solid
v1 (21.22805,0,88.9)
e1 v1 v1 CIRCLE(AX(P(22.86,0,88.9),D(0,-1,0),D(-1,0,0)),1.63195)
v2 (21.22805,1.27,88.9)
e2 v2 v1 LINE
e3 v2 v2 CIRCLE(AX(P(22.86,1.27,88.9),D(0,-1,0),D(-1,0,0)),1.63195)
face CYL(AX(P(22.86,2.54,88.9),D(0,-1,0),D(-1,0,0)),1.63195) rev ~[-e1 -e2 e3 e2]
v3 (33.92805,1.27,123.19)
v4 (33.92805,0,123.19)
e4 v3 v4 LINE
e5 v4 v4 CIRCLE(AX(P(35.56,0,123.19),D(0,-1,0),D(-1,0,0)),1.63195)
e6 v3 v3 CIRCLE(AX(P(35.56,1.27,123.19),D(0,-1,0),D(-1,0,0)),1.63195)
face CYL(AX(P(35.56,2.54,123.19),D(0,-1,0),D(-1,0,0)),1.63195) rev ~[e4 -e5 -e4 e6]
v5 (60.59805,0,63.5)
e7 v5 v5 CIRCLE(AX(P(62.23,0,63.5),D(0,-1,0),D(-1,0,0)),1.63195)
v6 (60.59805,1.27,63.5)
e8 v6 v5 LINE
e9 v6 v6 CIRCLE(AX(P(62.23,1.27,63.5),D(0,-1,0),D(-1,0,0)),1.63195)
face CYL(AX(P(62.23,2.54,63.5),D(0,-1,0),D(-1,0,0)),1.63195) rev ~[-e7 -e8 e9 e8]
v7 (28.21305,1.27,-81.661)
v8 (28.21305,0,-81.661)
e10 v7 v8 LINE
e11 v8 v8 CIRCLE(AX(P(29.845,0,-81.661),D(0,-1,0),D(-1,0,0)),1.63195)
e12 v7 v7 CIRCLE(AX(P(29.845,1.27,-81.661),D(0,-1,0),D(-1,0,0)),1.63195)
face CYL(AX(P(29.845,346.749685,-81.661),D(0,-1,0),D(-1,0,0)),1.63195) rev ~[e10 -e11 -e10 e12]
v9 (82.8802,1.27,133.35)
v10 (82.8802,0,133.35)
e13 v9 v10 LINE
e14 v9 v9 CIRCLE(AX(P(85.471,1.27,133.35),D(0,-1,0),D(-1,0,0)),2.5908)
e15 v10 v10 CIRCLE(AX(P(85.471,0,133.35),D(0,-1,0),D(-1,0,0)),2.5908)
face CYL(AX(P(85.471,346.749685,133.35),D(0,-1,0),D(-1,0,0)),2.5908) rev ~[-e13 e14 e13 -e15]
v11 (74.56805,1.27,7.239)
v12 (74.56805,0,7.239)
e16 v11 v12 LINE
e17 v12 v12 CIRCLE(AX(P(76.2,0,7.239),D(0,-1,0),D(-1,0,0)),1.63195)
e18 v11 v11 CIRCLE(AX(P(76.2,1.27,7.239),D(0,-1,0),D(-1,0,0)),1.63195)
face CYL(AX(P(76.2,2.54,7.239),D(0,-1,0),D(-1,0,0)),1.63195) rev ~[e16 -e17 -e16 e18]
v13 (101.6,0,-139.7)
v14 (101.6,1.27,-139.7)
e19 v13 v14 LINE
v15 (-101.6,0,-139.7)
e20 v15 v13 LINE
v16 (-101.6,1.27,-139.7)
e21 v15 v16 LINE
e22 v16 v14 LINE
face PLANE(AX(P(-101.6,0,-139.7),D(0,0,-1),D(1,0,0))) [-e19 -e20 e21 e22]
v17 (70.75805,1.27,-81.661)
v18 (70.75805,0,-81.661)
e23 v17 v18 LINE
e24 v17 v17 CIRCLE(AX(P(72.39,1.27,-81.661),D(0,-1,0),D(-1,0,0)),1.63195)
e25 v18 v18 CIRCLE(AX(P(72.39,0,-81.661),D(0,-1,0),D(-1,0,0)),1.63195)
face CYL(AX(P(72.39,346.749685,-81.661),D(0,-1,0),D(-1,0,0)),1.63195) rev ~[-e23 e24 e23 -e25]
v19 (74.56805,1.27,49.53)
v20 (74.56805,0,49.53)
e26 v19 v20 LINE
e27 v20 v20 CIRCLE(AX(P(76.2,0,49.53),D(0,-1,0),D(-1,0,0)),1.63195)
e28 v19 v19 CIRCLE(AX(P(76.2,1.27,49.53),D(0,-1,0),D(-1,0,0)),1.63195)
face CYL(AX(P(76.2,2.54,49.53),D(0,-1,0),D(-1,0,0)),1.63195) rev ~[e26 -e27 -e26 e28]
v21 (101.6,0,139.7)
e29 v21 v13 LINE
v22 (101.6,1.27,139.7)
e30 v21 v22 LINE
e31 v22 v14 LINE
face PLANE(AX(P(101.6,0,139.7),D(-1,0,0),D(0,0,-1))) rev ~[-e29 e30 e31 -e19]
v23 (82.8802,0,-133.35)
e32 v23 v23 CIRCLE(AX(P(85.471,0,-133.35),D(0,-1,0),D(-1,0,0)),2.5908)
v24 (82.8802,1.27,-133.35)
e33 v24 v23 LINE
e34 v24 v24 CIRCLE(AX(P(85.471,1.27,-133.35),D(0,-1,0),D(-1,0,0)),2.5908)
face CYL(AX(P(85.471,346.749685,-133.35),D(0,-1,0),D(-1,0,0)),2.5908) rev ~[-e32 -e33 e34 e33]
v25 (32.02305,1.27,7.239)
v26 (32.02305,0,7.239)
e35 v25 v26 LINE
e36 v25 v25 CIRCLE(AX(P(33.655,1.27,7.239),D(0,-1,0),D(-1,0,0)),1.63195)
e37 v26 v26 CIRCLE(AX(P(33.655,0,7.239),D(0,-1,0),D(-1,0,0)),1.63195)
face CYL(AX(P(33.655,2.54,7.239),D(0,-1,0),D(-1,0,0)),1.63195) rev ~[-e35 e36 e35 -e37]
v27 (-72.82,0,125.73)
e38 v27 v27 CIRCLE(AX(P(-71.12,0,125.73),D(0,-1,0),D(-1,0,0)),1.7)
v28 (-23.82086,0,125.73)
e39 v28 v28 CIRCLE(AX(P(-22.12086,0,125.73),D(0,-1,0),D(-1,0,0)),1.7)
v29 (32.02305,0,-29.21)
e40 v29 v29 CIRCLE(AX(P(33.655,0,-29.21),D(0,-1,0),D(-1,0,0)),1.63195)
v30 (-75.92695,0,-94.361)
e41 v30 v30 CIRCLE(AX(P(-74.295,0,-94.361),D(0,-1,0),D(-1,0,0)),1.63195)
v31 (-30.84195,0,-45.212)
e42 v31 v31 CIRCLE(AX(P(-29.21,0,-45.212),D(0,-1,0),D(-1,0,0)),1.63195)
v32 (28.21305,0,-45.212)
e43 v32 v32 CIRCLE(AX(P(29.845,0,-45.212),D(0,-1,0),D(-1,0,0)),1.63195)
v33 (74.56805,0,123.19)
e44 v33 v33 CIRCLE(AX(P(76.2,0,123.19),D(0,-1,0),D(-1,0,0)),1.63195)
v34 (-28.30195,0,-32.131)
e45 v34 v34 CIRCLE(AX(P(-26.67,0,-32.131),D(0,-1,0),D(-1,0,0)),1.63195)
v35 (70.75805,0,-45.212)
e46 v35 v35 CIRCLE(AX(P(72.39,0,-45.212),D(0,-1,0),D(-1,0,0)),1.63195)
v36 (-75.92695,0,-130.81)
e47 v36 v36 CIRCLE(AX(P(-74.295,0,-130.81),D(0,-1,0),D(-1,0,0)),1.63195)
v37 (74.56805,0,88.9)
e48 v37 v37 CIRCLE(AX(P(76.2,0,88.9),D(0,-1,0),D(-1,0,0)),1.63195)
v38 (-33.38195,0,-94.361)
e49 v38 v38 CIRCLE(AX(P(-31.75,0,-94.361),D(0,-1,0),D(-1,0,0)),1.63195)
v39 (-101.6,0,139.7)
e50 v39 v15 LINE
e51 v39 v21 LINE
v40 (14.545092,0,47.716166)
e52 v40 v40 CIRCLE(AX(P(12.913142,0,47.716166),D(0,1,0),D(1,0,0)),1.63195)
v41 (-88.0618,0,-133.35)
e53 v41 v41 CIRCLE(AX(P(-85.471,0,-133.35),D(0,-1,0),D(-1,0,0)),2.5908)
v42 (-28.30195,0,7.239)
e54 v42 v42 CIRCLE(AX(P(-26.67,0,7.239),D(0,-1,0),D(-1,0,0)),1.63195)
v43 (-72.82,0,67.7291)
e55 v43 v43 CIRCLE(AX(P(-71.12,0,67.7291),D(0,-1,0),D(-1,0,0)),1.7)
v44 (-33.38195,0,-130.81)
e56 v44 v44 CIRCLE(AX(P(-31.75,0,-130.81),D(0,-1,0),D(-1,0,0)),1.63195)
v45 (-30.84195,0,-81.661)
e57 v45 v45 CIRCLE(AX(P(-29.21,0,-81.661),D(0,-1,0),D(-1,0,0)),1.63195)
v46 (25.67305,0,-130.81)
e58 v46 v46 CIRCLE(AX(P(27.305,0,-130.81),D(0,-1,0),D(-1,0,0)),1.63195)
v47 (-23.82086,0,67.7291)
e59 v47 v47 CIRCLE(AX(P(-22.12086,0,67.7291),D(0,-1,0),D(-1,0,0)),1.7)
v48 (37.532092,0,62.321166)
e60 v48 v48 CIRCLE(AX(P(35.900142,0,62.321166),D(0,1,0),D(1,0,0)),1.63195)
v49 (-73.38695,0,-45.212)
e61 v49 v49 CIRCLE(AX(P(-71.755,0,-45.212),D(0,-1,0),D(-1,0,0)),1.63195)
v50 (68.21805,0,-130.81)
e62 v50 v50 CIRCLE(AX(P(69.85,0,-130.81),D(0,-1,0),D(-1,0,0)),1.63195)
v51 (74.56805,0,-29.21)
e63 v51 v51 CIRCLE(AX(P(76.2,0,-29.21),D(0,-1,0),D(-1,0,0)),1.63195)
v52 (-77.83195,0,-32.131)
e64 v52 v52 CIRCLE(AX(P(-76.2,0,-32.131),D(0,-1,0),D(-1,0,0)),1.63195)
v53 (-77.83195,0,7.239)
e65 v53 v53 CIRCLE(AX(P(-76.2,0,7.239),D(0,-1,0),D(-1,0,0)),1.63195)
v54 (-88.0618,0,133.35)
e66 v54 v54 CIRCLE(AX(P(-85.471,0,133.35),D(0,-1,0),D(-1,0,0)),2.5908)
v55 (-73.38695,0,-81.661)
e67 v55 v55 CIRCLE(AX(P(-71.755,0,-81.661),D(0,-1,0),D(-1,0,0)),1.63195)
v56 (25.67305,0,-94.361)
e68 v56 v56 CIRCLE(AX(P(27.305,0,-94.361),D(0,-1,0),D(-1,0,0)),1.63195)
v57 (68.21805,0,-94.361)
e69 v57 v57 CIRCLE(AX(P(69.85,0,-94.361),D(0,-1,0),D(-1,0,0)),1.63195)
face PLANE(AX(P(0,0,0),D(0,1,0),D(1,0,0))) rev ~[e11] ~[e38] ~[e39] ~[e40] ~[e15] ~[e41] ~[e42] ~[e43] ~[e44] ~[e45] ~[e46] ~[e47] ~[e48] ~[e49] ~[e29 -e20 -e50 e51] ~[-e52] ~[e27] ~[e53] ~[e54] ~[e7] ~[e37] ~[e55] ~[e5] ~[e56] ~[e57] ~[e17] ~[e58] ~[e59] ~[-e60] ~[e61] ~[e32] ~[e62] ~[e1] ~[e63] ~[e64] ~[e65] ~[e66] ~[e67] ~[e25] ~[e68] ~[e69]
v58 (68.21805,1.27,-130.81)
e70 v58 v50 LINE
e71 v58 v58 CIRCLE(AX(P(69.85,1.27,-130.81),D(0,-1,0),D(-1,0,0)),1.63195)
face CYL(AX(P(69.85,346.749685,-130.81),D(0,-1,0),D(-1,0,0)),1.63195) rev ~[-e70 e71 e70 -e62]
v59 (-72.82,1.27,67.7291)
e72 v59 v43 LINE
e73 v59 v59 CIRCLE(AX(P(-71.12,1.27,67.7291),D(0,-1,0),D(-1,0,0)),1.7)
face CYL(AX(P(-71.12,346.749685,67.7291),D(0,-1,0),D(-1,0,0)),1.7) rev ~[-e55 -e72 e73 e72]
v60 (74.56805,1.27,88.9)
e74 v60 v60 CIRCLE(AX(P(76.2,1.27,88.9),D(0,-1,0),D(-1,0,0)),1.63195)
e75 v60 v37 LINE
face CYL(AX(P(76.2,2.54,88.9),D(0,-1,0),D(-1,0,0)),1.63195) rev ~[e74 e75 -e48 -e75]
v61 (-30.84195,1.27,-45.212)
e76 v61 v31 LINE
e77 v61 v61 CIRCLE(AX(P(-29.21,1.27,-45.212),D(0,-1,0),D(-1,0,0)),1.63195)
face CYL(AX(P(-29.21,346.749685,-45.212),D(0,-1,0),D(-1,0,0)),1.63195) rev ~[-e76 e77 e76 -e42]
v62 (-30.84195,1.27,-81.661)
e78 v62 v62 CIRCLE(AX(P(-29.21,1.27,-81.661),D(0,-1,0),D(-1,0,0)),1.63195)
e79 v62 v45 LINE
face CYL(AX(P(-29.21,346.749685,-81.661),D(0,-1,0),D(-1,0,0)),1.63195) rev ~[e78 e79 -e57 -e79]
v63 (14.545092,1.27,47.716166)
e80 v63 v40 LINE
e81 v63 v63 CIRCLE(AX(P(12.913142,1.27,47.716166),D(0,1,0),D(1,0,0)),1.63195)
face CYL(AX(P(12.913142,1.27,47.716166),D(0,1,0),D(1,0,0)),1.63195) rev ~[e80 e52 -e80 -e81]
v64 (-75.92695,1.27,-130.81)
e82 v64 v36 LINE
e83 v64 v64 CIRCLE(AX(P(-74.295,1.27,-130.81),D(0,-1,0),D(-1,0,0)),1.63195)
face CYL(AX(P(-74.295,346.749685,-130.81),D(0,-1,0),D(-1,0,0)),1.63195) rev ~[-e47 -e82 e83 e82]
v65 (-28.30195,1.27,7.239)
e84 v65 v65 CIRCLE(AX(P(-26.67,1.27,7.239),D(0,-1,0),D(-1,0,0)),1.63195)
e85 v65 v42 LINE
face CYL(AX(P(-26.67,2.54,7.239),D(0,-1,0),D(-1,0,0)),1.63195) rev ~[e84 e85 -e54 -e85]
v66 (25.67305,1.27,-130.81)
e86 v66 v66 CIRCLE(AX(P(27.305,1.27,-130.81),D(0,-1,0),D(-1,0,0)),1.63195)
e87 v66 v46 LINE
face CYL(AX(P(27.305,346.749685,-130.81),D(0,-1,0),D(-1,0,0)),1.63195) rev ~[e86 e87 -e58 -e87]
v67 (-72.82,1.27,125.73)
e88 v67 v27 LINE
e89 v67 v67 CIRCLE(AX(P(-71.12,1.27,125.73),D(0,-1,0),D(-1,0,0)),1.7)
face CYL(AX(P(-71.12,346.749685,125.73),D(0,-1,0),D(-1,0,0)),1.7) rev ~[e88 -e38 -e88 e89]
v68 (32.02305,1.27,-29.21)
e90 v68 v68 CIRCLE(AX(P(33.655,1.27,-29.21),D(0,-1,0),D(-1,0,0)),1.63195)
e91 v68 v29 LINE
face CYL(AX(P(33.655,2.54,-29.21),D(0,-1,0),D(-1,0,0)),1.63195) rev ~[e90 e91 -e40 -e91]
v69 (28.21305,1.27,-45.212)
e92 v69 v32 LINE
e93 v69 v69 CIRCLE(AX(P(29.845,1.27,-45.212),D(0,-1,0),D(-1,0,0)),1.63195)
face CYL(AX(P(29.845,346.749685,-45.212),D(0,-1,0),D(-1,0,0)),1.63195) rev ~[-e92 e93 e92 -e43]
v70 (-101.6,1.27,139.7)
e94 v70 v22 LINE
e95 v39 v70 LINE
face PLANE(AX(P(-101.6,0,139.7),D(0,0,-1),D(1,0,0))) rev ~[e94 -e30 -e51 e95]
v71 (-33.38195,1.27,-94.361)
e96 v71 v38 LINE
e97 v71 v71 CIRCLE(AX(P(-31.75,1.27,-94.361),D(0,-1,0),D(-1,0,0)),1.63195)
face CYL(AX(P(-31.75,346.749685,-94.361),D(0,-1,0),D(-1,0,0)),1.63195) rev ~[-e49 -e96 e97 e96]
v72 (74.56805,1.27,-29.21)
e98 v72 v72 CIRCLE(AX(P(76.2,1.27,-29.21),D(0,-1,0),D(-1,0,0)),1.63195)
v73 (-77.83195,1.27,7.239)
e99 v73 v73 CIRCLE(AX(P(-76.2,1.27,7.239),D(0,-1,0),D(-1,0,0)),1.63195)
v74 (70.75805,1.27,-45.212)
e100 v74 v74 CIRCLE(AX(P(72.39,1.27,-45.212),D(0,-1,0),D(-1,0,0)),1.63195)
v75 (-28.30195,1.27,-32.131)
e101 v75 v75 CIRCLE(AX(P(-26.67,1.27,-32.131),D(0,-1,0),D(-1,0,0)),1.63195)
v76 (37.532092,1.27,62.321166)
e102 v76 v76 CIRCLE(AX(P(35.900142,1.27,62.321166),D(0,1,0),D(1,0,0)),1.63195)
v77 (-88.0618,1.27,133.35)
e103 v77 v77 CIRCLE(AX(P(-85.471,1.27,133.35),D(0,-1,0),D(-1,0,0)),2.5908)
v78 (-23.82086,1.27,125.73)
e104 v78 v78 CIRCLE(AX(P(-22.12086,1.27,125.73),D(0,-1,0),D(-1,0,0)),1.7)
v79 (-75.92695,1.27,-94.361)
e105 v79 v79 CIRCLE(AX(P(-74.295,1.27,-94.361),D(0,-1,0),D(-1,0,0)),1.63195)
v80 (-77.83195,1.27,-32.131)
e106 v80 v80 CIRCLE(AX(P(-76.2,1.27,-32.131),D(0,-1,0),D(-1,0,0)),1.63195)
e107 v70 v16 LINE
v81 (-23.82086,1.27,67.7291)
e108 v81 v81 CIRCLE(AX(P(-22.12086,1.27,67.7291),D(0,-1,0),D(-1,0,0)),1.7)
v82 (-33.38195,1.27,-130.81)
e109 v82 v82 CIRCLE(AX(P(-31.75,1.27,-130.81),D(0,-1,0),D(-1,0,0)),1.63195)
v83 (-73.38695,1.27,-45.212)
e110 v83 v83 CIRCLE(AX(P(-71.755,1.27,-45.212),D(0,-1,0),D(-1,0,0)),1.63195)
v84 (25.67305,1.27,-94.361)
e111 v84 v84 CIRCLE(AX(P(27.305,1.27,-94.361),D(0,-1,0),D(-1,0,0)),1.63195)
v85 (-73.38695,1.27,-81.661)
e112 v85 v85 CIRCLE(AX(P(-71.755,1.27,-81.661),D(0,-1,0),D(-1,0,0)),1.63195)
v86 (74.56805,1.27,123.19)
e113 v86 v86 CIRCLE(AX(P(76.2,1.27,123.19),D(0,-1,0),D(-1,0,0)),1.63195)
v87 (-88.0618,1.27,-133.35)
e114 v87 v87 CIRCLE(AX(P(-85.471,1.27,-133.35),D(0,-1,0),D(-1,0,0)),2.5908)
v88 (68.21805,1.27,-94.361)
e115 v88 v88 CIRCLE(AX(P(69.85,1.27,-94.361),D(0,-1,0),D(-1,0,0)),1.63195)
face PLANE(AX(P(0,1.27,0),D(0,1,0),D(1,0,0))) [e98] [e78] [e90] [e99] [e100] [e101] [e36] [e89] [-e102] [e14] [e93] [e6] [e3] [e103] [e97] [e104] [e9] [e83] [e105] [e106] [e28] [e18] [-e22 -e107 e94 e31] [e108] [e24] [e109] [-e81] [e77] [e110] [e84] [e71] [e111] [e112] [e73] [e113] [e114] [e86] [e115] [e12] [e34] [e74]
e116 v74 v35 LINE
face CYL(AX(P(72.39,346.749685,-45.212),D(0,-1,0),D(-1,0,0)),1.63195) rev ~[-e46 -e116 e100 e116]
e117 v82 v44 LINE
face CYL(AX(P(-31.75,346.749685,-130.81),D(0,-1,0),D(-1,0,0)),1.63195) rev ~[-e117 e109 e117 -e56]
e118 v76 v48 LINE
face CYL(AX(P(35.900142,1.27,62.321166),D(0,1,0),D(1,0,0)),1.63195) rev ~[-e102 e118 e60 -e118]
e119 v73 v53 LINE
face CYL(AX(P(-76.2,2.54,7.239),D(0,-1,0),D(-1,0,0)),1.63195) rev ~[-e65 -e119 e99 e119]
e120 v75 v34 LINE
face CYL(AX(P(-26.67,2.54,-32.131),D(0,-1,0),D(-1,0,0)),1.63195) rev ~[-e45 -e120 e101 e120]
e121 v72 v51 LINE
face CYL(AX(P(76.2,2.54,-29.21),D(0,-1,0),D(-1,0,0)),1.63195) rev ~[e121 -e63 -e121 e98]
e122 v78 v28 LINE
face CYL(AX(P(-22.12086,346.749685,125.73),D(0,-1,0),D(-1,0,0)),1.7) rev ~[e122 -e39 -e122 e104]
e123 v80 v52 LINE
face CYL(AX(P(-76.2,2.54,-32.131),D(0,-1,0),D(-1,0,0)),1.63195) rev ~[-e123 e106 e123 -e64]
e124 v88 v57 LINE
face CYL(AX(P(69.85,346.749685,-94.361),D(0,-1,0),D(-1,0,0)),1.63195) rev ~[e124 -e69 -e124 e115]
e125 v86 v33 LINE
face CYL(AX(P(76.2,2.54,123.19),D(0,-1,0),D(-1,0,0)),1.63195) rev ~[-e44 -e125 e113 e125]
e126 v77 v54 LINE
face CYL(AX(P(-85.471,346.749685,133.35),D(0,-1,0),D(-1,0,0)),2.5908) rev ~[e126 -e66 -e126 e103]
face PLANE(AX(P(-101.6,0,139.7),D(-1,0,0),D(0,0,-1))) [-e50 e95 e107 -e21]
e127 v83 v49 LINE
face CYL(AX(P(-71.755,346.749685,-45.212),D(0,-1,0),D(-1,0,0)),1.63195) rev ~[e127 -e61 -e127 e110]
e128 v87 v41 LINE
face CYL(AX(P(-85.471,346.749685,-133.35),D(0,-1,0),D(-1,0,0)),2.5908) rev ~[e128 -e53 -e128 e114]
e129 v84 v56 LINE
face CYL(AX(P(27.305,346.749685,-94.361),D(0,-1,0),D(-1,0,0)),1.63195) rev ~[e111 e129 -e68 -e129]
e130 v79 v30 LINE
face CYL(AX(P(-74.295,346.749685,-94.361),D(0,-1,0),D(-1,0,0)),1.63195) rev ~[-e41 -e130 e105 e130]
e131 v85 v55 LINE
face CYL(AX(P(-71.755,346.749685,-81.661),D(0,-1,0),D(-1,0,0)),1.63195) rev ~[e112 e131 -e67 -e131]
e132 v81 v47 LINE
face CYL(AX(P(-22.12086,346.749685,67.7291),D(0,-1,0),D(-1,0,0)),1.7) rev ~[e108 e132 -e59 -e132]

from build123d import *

# Parameters (mm, degrees)
SKETCH1_W                 = 203.2
SKETCH1_H                 = 279.4
BOSS_EXTRUDE1_DEPTH       = 1.27
MOUNTING_HOLES_D          = 5.1816
ROBOCLAW1_D               = 3.2639
RASPBERRY_PI_D            = 3.4
LPATTERN1_COUNT           = 2
LPATTERN1_PITCH           = 49.149
LPATTERN1_COUNT_DIR2      = 2
LPATTERN1_PITCH_DIR2      = 2.54
F_4_CLEARANCE_HOLE1_D     = 3.2639
F_4_CLEARANCE_HOLE1_DEPTH = 1.27
ENCODER_BOARD_D           = 3.2639
ENCODER_BOARD_DEPTH       = 1.27
F_12V_REG_D               = 3.2639
F_12V_REG_DEPTH           = 1.27
F_5V_REG_D                = 3.2639
F_5V_REG_DEPTH            = 1.27
LPATTERN2_COUNT           = 2
LPATTERN2_PITCH           = 101.6
LPATTERN3_COPY_1_D        = 3.2639
LPATTERN3_COPY_2_D        = 3.2639
SKETCH22_R                = 1.63195
READ_WRITE_BOARD_DEPTH    = 2.27


with BuildPart() as part:
    # Sketch1 → Boss-Extrude1 (new body)
    with BuildSketch(Plane(origin=(0, 0, 0), x_dir=(1, 0, 0), z_dir=(0, 1, 0))):
        Rectangle(SKETCH1_W, SKETCH1_H)
    extrude(amount=BOSS_EXTRUDE1_DEPTH)

    # Mounting Holes (through all)
    with Locations(Plane(origin=(0, 1.27, 0), x_dir=(1, 0, 0), z_dir=(0, 1, 0))):
        with Locations((-85.471, 133.35), (85.471, 133.35), (85.471, -133.35), (-85.471, -133.35)):
            Hole(MOUNTING_HOLES_D / 2)

    # RoboClaw1 (through all)
    with Locations(Plane(origin=(0, 1.27, 0), x_dir=(1, 0, 0), z_dir=(0, 1, 0))):
        with Locations((69.85, 130.81), (69.85, 94.361), (27.305, 94.361), (27.305, 130.81)):
            roboclaw1 = Hole(ROBOCLAW1_D / 2)

    # Raspberry Pi (through all)
    with Locations(Plane(origin=(0, 1.27, 0), x_dir=(1, 0, 0), z_dir=(0, 1, 0))):
        with Locations((-71.12, -125.73), (-22.12086, -125.73), (-22.12086, -67.7291), (-71.12, -67.7291)):
            Hole(RASPBERRY_PI_D / 2)

    # LPattern1: RoboClaw1 2 × 2, 2 skipped
    with Locations(*[(j * LPATTERN1_PITCH_DIR2, 0, i * LPATTERN1_PITCH) for i in range(LPATTERN1_COUNT) for j in range(LPATTERN1_COUNT_DIR2) if (i, j) not in ((0, 0), (0, 1), (1, 0))]):
        add(roboclaw1, mode=Mode.SUBTRACT)

    # #4 Clearance Hole1
    with Locations(Plane(origin=(0, 1.27, 0), x_dir=(1, 0, 0), z_dir=(0, 1, 0))):
        with Locations((33.655, 29.21), (76.2, 29.21), (76.2, -7.239), (33.655, -7.239)):
            Hole(F_4_CLEARANCE_HOLE1_D / 2, depth=F_4_CLEARANCE_HOLE1_DEPTH)

    # Encoder Board
    with Locations(Plane(origin=(0, 1.27, 0), x_dir=(1, 0, 0), z_dir=(0, 1, 0))):
        with Locations((-76.2, 32.131), (-26.67, 32.131), (-26.67, -7.239), (-76.2, -7.239), (33.655, -7.239)):
            Hole(ENCODER_BOARD_D / 2, depth=ENCODER_BOARD_DEPTH)

    # 12V Reg
    with Locations(Plane(origin=(0, 1.27, 0), x_dir=(1, 0, 0), z_dir=(0, 1, 0))):
        with Locations((22.86, -88.9), (76.2, -88.9), (35.56, -123.19), (76.2, -123.19)):
            Hole(F_12V_REG_D / 2, depth=F_12V_REG_DEPTH)

    # 5V Reg
    with Locations(Plane(origin=(0, 1.27, 0), x_dir=(1, 0, 0), z_dir=(0, 1, 0))):
        with Locations((62.23, -63.5), (76.2, -49.53)):
            Hole(F_5V_REG_D / 2, depth=F_5V_REG_DEPTH)

    # LPattern2: RoboClaw1 ×2
    with Locations(*[(-i * LPATTERN2_PITCH, 0, 0) for i in range(1, LPATTERN2_COUNT)]):
        add(roboclaw1, mode=Mode.SUBTRACT)

    # LPattern3 copy 1 (through all)
    with Locations(Plane(origin=(-99.06, 1.27, 49.149), x_dir=(1, 0, 0), z_dir=(0, 1, 0))):
        with Locations((69.85, 130.81), (69.85, 94.361), (27.305, 94.361), (27.305, 130.81)):
            Hole(LPATTERN3_COPY_1_D / 2)

    # LPattern3 copy 2 (through all)
    with Locations(Plane(origin=(2.54, 1.27, 49.149), x_dir=(1, 0, 0), z_dir=(0, 1, 0))):
        with Locations((69.85, 130.81), (69.85, 94.361), (27.305, 94.361), (27.305, 130.81)):
            Hole(LPATTERN3_COPY_2_D / 2)

    # Sketch22 → Read/Write Board (cut, through all)
    with BuildSketch(Plane(origin=(0, 1.27, 0), x_dir=(1, 0, 0), z_dir=(0, 1, 0))):
        with Locations((12.913142098, -47.716166247)):
            Circle(SKETCH22_R)
        with Locations((35.900142098, -62.321166247)):
            Circle(SKETCH22_R)
    extrude(amount=-READ_WRITE_BOARD_DEPTH, mode=Mode.SUBTRACT)


solid = part.part
